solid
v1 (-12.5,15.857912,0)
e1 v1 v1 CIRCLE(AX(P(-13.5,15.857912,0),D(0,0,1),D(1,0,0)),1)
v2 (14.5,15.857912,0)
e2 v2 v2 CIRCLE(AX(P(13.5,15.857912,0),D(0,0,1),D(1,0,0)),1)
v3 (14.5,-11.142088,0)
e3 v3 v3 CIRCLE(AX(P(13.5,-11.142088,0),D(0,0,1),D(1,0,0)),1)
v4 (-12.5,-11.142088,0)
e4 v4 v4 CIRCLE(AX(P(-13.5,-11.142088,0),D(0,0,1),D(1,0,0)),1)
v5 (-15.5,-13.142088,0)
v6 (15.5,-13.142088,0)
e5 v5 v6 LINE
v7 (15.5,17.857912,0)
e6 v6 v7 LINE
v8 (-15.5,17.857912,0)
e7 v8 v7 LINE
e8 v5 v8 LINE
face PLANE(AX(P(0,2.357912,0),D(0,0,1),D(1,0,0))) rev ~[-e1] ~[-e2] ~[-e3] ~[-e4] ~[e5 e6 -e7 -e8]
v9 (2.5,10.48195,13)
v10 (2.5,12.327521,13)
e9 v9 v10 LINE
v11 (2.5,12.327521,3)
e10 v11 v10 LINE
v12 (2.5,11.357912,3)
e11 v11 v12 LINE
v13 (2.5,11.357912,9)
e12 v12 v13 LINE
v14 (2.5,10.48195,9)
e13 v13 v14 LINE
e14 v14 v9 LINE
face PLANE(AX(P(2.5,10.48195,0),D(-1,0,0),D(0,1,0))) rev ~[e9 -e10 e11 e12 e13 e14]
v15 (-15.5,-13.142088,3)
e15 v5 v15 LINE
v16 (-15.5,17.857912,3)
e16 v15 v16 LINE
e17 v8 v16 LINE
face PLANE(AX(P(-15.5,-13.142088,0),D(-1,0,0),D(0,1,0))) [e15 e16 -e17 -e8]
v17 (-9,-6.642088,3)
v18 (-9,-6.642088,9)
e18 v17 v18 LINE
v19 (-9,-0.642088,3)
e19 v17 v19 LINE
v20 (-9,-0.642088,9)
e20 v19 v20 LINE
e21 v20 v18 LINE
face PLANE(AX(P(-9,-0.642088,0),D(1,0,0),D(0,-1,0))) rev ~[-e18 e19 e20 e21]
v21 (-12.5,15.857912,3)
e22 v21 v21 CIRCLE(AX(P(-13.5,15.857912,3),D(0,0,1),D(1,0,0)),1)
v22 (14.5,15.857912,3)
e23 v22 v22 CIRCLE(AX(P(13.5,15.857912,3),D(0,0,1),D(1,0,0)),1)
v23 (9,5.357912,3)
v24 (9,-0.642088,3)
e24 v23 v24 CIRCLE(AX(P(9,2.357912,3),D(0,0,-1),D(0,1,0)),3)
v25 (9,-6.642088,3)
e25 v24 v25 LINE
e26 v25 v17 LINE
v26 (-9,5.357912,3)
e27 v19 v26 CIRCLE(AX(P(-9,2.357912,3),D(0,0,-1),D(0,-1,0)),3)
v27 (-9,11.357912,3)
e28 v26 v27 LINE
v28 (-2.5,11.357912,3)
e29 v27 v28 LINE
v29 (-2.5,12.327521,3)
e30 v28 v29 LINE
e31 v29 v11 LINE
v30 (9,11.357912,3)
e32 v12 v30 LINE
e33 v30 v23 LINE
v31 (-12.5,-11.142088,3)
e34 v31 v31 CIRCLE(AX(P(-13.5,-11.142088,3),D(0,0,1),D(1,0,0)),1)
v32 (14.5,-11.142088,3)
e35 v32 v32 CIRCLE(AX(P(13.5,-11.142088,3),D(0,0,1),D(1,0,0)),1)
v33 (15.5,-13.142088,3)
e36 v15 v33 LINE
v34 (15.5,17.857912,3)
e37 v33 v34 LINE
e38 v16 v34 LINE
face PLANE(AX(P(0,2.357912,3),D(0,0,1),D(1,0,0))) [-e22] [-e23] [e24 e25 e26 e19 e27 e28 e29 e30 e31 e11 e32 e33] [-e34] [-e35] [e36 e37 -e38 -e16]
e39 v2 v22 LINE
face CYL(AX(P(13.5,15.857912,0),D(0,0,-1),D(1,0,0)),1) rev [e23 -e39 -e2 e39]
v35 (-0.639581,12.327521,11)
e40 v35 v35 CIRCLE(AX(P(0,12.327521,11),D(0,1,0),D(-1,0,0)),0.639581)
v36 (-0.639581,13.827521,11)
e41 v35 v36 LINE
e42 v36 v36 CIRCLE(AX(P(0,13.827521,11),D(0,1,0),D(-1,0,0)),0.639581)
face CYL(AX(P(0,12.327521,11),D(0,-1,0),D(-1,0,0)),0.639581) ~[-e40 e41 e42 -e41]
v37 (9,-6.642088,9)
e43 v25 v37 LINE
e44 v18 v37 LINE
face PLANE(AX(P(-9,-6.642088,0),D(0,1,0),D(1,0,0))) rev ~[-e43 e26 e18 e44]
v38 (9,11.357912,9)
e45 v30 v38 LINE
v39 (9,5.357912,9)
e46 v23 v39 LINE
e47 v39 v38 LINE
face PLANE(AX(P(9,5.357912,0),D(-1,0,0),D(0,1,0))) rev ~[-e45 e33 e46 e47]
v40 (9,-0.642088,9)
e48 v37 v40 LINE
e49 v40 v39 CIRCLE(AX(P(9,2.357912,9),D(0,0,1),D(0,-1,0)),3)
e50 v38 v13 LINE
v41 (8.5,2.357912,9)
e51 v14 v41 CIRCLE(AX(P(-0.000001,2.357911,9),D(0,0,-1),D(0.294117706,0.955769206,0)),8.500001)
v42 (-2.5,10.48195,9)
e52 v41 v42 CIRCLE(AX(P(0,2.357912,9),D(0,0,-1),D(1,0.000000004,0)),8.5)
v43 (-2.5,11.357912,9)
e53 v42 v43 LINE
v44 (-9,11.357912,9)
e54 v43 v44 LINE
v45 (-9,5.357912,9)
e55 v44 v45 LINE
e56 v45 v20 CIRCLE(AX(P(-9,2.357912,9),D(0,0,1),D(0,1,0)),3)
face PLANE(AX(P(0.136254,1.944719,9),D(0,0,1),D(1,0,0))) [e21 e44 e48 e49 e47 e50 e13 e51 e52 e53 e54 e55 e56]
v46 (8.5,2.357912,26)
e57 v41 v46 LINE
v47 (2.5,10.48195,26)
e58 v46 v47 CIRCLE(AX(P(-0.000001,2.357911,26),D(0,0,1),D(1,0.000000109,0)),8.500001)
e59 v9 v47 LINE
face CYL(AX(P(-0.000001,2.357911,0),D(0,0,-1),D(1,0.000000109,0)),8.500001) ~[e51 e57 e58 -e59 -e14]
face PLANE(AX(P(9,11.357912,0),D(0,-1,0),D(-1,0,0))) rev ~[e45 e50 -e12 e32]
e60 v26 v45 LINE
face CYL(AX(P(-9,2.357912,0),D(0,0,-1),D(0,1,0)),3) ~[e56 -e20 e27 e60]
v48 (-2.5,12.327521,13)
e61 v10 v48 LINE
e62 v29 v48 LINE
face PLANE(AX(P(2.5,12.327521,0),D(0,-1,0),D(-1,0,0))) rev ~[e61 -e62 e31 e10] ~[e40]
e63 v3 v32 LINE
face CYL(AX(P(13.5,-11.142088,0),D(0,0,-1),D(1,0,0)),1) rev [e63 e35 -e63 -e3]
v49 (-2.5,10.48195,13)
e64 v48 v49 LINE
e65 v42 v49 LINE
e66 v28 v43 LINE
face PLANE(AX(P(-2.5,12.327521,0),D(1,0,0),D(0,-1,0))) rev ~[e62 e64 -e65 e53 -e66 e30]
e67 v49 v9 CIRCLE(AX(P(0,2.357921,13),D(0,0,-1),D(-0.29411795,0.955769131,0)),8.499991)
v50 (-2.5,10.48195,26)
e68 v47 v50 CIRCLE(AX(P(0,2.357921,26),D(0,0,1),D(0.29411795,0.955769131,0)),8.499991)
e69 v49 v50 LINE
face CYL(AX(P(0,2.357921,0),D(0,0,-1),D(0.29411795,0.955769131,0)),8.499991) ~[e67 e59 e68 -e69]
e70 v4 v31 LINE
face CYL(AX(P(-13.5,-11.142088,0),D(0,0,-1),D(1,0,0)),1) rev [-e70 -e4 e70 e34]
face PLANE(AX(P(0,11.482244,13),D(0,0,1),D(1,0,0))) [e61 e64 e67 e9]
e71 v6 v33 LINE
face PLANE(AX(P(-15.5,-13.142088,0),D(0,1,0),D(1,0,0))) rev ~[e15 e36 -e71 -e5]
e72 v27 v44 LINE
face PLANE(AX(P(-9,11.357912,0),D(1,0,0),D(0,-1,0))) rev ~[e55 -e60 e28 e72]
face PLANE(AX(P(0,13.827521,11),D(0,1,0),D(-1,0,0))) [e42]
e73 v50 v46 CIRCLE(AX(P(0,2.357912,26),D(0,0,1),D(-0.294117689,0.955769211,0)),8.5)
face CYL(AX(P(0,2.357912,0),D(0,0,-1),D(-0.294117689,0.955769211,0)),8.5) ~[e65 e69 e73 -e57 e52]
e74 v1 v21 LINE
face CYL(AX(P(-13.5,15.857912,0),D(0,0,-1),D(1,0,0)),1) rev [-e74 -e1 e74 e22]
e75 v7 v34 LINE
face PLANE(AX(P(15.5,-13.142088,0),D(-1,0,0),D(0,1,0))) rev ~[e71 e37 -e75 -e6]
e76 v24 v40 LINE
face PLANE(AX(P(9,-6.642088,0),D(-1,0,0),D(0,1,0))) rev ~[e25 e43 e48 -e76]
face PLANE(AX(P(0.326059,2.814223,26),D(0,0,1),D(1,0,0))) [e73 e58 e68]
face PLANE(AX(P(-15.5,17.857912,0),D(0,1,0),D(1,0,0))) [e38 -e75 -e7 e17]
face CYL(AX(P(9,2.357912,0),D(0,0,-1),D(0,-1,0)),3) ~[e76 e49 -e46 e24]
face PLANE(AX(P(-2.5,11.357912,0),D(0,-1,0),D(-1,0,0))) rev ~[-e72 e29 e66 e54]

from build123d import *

# Parameters (mm, degrees)
F0_W     = 31
F0_H     = 31
F0_R     = 1
F1_DEPTH = 3
F2_DEPTH = 26
F3_DEPTH = 9
F4_DEPTH = 13
F5_R     = 0.639581
F6_DEPTH = 1.5


with BuildPart() as f1:
    # F0 (on Top) → F1 (new body)
    with BuildSketch(Plane.XY):
        with Locations((0, 2.357912)):
            Rectangle(F0_W, F0_H)
        with Locations((-13.5, -11.142088)):
            Circle(F0_R, mode=Mode.SUBTRACT)
        with Locations((13.5, -11.142088)):
            Circle(F0_R, mode=Mode.SUBTRACT)
        with Locations((-13.5, 15.857912)):
            Circle(F0_R, mode=Mode.SUBTRACT)
        with BuildLine():
            Line((2.5, 11.357912), (9, 11.357912))
            Line((9, 11.357912), (9, 5.357912))
            ThreePointArc((9, 5.357912), (12, 2.357912), (9, -0.642088))
            Line((9, -0.642088), (9, -6.642088))
            Line((9, -6.642088), (-9, -6.642088))
            Line((-9, -6.642088), (-9, -0.642088))
            ThreePointArc((-9, -0.642088), (-12, 2.357912), (-9, 5.357912))
            Line((-9, 5.357912), (-9, 11.357912))
            Line((-9, 11.357912), (-2.5, 11.357912))
            Line((-2.5, 11.357912), (-2.5, 12.327521))
            Line((-2.5, 12.327521), (2.5, 12.327521))
            Line((2.5, 12.327521), (2.5, 11.357912))
        make_face(mode=Mode.SUBTRACT)
        with Locations((13.5, 15.857912)):
            Circle(F0_R, mode=Mode.SUBTRACT)
    extrude(amount=F1_DEPTH)



with BuildPart() as f2:
    # F0 (on Top) → F2 (new body)
    with BuildSketch(Plane.XY):
        with BuildLine():
            ThreePointArc((8.5, 2.357912), (6.837397, 7.407664), (2.5, 10.48195))
            ThreePointArc((2.5, 10.48195), (0, 10.857912), (-2.5, 10.48195))
            ThreePointArc((-2.5, 10.48195), (-5.049752, -4.479485), (8.5, 2.357912))
        make_face()
    extrude(amount=F2_DEPTH)


with BuildPart() as f1_1:
    add(f1.part)

    add(f2.part)  # F3 merges F2
    # F0 (on Top) → F3 (join)
    with BuildSketch(Plane.XY):
        with BuildLine():
            Line((9, 5.357912), (9, 11.357912))
            Line((9, 11.357912), (2.5, 11.357912))
            Line((2.5, 11.357912), (2.5, 10.48195))
            ThreePointArc((2.5, 10.48195), (6.837397, 7.407664), (8.5, 2.357912))
            ThreePointArc((8.5, 2.357912), (-5.049752, -4.479485), (-2.5, 10.48195))
            Line((-2.5, 10.48195), (-2.5, 11.357912))
            Line((-2.5, 11.357912), (-9, 11.357912))
            Line((-9, 11.357912), (-9, 5.357912))
            ThreePointArc((-9, 5.357912), (-12, 2.357912), (-9, -0.642088))
            Line((-9, -0.642088), (-9, -6.642088))
            Line((-9, -6.642088), (9, -6.642088))
            Line((9, -6.642088), (9, -0.642088))
            ThreePointArc((9, -0.642088), (12, 2.357912), (9, 5.357912))
        make_face()
    extrude(amount=F3_DEPTH)

    # F0 (on Top) → F4 (join)
    with BuildSketch(Plane.XY):
        with BuildLine():
            Line((2.5, 10.48195), (2.5, 11.357912))
            Line((2.5, 11.357912), (2.5, 12.327521))
            Line((2.5, 12.327521), (-2.5, 12.327521))
            Line((-2.5, 12.327521), (-2.5, 11.357912))
            Line((-2.5, 11.357912), (-2.5, 10.48195))
            ThreePointArc((-2.5, 10.48195), (0, 10.857912), (2.5, 10.48195))
        make_face()
    extrude(amount=F4_DEPTH)

    # F5 (on face) → F6 (join)
    with BuildSketch(Plane(origin=(0, 12.327521, 0), x_dir=(-1, 0, 0), z_dir=(0, 1, 0))):
        with Locations((0, 11)):
            Circle(F5_R)
    extrude(amount=F6_DEPTH)


with BuildPart() as f7_1:
    # F7: copy of F1
    add(f1_1.part)


solid = f1_1.part
